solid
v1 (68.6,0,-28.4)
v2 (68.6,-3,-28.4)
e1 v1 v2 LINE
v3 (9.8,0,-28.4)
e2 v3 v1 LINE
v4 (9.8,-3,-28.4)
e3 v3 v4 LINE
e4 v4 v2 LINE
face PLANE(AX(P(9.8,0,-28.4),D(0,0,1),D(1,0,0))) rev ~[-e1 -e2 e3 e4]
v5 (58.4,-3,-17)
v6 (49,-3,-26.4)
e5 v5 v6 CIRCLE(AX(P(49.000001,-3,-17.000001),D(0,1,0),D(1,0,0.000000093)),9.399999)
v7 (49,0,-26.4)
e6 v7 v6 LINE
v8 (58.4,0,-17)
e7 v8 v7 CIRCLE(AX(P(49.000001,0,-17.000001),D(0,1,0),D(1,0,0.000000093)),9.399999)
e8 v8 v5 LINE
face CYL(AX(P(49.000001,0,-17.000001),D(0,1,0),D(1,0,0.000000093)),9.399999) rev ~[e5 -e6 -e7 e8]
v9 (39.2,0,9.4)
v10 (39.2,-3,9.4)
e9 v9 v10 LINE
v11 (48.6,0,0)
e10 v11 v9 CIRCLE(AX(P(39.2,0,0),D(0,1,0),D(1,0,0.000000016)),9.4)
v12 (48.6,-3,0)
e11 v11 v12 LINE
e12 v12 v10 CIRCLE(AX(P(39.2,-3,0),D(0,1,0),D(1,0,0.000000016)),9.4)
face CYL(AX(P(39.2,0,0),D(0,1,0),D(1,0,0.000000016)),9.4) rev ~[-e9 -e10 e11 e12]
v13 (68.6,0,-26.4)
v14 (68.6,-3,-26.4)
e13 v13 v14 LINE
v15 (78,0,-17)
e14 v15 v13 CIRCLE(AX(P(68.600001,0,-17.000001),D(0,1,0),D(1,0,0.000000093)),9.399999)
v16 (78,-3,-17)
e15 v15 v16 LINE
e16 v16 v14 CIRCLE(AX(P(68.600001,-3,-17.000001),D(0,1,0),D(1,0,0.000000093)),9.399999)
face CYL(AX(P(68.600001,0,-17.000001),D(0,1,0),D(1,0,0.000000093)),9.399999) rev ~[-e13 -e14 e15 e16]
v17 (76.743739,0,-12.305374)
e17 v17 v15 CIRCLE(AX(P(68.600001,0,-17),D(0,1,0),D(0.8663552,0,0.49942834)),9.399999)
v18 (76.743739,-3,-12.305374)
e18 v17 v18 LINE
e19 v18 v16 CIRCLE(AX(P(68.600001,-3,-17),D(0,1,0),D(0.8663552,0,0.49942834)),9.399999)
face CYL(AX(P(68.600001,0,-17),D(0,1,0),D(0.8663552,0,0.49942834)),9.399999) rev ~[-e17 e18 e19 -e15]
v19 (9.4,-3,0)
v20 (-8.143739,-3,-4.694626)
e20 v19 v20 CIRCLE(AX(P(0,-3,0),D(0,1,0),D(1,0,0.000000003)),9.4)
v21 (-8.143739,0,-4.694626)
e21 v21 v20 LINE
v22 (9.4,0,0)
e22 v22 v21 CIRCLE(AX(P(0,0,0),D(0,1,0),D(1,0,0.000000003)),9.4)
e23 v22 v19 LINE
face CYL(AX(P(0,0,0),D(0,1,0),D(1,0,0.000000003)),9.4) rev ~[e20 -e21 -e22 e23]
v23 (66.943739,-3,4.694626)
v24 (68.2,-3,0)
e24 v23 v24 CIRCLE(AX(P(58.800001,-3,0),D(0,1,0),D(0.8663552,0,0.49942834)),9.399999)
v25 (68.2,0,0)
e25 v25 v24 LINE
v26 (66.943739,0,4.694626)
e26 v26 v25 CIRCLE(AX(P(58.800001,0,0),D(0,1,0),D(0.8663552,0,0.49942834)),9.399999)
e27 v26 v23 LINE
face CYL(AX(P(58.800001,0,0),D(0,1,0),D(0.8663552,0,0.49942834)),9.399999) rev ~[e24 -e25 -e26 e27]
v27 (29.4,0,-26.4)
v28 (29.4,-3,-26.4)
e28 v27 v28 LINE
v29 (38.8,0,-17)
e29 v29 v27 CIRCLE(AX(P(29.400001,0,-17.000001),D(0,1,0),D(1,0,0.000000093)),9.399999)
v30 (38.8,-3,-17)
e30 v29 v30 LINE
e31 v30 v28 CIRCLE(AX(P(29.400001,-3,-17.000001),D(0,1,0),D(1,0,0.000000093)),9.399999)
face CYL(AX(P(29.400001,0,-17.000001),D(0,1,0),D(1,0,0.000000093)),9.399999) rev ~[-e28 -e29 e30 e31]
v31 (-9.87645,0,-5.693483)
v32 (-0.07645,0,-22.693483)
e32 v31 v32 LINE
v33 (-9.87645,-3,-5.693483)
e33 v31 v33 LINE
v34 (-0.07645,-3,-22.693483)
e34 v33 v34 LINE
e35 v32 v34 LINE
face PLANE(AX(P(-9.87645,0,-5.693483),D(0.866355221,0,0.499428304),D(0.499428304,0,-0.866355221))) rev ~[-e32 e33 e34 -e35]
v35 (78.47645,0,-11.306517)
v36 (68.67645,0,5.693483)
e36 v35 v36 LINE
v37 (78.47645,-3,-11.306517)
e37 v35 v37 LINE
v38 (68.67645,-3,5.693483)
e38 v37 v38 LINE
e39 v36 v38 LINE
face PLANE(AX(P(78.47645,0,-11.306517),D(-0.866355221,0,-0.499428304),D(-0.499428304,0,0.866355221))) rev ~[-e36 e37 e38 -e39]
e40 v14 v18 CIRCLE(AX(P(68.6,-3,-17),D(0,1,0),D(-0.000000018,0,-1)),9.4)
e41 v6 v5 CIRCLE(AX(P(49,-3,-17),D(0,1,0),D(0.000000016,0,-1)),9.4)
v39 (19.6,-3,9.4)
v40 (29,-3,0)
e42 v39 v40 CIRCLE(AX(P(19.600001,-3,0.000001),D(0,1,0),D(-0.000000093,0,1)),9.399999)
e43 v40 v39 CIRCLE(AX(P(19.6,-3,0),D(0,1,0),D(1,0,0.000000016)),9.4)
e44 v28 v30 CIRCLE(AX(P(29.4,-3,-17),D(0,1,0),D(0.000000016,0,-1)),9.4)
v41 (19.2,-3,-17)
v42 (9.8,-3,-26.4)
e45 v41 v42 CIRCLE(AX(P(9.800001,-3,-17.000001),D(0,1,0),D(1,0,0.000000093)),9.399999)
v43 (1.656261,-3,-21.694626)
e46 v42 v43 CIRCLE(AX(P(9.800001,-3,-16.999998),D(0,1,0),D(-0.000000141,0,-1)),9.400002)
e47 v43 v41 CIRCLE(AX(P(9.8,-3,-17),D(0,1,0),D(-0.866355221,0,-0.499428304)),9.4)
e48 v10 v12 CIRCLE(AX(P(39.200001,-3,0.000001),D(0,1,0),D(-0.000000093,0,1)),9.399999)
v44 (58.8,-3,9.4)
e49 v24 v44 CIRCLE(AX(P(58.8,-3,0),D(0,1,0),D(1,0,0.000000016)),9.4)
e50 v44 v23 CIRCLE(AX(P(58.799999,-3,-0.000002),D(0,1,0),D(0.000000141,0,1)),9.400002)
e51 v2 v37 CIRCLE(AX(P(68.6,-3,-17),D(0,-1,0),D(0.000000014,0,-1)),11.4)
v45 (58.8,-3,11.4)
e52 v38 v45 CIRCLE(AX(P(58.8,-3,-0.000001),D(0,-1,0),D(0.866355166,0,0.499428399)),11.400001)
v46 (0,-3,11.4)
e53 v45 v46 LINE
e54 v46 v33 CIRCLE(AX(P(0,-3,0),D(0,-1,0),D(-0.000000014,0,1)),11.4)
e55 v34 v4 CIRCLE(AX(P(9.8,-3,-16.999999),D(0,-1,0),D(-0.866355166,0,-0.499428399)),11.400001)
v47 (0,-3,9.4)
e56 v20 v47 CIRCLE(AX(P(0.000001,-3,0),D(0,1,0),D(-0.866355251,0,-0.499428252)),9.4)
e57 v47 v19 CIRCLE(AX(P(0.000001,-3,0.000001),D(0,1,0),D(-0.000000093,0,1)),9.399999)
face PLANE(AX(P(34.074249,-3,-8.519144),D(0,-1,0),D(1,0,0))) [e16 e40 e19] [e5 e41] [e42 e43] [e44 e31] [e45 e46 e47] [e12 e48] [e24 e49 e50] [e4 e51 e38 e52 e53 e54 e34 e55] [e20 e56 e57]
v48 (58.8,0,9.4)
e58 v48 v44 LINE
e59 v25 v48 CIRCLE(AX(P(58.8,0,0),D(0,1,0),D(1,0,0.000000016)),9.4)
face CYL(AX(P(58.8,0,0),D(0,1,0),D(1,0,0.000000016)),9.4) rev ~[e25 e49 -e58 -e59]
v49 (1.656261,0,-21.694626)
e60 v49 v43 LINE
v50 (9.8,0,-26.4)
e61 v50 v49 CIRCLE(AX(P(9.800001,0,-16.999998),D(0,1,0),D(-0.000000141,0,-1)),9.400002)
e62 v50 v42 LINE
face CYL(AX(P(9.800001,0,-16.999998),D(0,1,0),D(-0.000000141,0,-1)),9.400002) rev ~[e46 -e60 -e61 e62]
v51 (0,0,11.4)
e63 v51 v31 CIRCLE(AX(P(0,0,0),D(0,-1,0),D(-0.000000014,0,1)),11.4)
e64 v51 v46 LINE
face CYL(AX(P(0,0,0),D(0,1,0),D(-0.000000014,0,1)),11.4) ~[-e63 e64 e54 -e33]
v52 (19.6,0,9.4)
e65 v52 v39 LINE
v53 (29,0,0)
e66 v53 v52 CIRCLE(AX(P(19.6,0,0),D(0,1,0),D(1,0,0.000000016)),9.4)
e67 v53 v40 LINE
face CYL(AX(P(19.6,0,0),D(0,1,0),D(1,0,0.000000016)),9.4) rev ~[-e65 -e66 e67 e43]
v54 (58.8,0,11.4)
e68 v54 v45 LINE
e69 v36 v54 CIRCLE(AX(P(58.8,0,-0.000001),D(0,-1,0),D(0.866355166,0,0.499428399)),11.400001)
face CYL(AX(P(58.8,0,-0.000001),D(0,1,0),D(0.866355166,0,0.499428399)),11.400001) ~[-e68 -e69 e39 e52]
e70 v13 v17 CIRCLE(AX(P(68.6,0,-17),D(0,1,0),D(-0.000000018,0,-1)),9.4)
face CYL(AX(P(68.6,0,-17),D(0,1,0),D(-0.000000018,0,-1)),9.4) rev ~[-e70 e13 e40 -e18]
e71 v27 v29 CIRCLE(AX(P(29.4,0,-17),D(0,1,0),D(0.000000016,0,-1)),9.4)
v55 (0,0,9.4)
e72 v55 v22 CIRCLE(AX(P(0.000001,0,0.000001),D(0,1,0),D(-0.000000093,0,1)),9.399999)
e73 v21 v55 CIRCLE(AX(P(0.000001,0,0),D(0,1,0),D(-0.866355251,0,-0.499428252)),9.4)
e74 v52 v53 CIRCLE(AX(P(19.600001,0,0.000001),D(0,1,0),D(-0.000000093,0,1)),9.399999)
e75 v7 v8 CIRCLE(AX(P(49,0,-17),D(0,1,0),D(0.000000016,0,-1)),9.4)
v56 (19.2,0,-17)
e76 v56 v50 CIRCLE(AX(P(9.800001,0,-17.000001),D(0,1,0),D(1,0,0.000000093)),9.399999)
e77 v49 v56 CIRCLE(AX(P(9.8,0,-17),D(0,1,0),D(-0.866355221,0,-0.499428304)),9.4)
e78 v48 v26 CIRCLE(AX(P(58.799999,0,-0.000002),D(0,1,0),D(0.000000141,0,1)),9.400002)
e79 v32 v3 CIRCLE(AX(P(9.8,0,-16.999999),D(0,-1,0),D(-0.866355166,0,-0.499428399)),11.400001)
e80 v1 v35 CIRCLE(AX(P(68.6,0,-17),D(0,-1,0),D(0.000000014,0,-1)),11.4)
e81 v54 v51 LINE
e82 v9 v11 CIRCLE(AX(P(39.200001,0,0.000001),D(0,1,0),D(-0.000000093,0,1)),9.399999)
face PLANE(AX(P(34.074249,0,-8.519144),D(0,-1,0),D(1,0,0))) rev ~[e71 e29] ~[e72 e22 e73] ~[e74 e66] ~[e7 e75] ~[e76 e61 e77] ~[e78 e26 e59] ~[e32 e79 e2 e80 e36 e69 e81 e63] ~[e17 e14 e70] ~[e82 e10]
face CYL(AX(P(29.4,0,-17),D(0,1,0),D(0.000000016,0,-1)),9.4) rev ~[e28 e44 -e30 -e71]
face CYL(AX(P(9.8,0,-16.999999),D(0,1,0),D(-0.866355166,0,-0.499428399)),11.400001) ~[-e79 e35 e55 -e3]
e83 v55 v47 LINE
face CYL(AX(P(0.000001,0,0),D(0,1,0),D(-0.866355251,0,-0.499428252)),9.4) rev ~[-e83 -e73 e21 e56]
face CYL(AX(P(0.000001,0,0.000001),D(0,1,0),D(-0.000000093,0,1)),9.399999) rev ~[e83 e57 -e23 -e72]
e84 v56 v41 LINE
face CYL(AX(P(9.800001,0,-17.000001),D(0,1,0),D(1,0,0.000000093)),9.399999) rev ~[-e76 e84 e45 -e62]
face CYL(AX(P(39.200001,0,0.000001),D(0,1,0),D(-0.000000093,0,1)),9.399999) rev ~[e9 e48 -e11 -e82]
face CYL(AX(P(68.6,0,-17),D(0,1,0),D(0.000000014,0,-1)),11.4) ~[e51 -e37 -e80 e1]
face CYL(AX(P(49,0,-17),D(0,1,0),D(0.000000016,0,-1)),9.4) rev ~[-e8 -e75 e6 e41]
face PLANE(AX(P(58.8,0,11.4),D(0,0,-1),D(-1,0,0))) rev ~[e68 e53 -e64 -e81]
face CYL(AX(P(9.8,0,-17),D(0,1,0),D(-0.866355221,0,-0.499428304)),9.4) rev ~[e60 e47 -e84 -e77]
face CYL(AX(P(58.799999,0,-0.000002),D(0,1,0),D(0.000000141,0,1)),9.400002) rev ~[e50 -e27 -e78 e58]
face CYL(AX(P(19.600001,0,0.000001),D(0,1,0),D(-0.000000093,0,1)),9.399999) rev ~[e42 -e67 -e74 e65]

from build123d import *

# Parameters (mm, degrees)
F1_DEPTH = 3


with BuildPart() as f1:
    # F0 (on Front) → F1 (new body)
    with BuildSketch(Plane.XZ):
        with BuildLine():
            Line((58.8, 11.4), (0, 11.4))
            ThreePointArc((0, 11.4), (-9.870808, 5.703258), (-9.87645, -5.693483))
            Line((-9.87645, -5.693483), (-0.07645, -22.693483))
            ThreePointArc((-0.07645, -22.693483), (4.096742, -26.870808), (9.8, -28.4))
            Line((9.8, -28.4), (68.6, -28.4))
            ThreePointArc((68.6, -28.4), (78.470808, -22.703258), (78.47645, -11.306517))
            Line((78.47645, -11.306517), (68.67645, 5.693483))
            ThreePointArc((68.67645, 5.693483), (64.503258, 9.870808), (58.8, 11.4))
        make_face()
        with BuildLine():
            ThreePointArc((-8.143739, -4.694626), (-8.139087, 4.702686), (0, 9.4))
            Line((0, 9.4), (19.6, 9.4))
            Line((19.6, 9.4), (39.2, 9.4))
            Line((39.2, 9.4), (58.8, 9.4))
            ThreePointArc((58.8, 9.4), (63.502686, 8.139087), (66.943739, 4.694626))
            Line((66.943739, 4.694626), (76.743739, -12.305374))
            ThreePointArc((76.743739, -12.305374), (77.680505, -14.570097), (78, -17))
            ThreePointArc((78, -17), (75.246804, -23.646804), (68.6, -26.4))
            Line((68.6, -26.4), (49, -26.4))
            Line((49, -26.4), (29.4, -26.4))
            Line((29.4, -26.4), (9.8, -26.4))
            ThreePointArc((9.8, -26.4), (5.097314, -25.139087), (1.656261, -21.694626))
            Line((1.656261, -21.694626), (-8.143739, -4.694626))
        make_face(mode=Mode.SUBTRACT)
        with BuildLine():
            ThreePointArc((0, 9.4), (6.646804, 6.646804), (9.4, 0))
            ThreePointArc((9.4, 0), (2.429903, -9.080505), (-8.143739, -4.694626))
            Line((-8.143739, -4.694626), (1.656261, -21.694626))
            ThreePointArc((1.656261, -21.694626), (7.370097, -7.919495), (19.2, -17))
            ThreePointArc((19.2, -17), (16.446804, -23.646804), (9.8, -26.4))
            Line((9.8, -26.4), (29.4, -26.4))
            Line((29.4, -26.4), (49, -26.4))
            Line((49, -26.4), (68.6, -26.4))
            ThreePointArc((68.6, -26.4), (60.460913, -12.297314), (76.743739, -12.305374))
            Line((76.743739, -12.305374), (66.943739, 4.694626))
            ThreePointArc((66.943739, 4.694626), (67.880505, 2.429903), (68.2, 0))
            ThreePointArc((68.2, 0), (52.153196, -6.646804), (58.8, 9.4))
            Line((58.8, 9.4), (39.2, 9.4))
            Line((39.2, 9.4), (19.6, 9.4))
            Line((19.6, 9.4), (0, 9.4))
        make_face()
        with BuildLine():
            ThreePointArc((38.8, -17), (36.046804, -23.646804), (29.4, -26.4))
            ThreePointArc((29.4, -26.4), (22.753196, -10.353196), (38.8, -17))
        make_face(mode=Mode.SUBTRACT)
        with BuildLine():
            ThreePointArc((58.4, -17), (55.646804, -23.646804), (49, -26.4))
            ThreePointArc((49, -26.4), (42.353196, -10.353196), (58.4, -17))
        make_face(mode=Mode.SUBTRACT)
        with BuildLine():
            ThreePointArc((29, 0), (12.953196, -6.646804), (19.6, 9.4))
            ThreePointArc((19.6, 9.4), (26.246804, 6.646804), (29, 0))
        make_face(mode=Mode.SUBTRACT)
        with BuildLine():
            ThreePointArc((48.6, 0), (32.553196, -6.646804), (39.2, 9.4))
            ThreePointArc((39.2, 9.4), (45.846804, 6.646804), (48.6, 0))
        make_face(mode=Mode.SUBTRACT)
    extrude(amount=F1_DEPTH)


solid = f1.part
